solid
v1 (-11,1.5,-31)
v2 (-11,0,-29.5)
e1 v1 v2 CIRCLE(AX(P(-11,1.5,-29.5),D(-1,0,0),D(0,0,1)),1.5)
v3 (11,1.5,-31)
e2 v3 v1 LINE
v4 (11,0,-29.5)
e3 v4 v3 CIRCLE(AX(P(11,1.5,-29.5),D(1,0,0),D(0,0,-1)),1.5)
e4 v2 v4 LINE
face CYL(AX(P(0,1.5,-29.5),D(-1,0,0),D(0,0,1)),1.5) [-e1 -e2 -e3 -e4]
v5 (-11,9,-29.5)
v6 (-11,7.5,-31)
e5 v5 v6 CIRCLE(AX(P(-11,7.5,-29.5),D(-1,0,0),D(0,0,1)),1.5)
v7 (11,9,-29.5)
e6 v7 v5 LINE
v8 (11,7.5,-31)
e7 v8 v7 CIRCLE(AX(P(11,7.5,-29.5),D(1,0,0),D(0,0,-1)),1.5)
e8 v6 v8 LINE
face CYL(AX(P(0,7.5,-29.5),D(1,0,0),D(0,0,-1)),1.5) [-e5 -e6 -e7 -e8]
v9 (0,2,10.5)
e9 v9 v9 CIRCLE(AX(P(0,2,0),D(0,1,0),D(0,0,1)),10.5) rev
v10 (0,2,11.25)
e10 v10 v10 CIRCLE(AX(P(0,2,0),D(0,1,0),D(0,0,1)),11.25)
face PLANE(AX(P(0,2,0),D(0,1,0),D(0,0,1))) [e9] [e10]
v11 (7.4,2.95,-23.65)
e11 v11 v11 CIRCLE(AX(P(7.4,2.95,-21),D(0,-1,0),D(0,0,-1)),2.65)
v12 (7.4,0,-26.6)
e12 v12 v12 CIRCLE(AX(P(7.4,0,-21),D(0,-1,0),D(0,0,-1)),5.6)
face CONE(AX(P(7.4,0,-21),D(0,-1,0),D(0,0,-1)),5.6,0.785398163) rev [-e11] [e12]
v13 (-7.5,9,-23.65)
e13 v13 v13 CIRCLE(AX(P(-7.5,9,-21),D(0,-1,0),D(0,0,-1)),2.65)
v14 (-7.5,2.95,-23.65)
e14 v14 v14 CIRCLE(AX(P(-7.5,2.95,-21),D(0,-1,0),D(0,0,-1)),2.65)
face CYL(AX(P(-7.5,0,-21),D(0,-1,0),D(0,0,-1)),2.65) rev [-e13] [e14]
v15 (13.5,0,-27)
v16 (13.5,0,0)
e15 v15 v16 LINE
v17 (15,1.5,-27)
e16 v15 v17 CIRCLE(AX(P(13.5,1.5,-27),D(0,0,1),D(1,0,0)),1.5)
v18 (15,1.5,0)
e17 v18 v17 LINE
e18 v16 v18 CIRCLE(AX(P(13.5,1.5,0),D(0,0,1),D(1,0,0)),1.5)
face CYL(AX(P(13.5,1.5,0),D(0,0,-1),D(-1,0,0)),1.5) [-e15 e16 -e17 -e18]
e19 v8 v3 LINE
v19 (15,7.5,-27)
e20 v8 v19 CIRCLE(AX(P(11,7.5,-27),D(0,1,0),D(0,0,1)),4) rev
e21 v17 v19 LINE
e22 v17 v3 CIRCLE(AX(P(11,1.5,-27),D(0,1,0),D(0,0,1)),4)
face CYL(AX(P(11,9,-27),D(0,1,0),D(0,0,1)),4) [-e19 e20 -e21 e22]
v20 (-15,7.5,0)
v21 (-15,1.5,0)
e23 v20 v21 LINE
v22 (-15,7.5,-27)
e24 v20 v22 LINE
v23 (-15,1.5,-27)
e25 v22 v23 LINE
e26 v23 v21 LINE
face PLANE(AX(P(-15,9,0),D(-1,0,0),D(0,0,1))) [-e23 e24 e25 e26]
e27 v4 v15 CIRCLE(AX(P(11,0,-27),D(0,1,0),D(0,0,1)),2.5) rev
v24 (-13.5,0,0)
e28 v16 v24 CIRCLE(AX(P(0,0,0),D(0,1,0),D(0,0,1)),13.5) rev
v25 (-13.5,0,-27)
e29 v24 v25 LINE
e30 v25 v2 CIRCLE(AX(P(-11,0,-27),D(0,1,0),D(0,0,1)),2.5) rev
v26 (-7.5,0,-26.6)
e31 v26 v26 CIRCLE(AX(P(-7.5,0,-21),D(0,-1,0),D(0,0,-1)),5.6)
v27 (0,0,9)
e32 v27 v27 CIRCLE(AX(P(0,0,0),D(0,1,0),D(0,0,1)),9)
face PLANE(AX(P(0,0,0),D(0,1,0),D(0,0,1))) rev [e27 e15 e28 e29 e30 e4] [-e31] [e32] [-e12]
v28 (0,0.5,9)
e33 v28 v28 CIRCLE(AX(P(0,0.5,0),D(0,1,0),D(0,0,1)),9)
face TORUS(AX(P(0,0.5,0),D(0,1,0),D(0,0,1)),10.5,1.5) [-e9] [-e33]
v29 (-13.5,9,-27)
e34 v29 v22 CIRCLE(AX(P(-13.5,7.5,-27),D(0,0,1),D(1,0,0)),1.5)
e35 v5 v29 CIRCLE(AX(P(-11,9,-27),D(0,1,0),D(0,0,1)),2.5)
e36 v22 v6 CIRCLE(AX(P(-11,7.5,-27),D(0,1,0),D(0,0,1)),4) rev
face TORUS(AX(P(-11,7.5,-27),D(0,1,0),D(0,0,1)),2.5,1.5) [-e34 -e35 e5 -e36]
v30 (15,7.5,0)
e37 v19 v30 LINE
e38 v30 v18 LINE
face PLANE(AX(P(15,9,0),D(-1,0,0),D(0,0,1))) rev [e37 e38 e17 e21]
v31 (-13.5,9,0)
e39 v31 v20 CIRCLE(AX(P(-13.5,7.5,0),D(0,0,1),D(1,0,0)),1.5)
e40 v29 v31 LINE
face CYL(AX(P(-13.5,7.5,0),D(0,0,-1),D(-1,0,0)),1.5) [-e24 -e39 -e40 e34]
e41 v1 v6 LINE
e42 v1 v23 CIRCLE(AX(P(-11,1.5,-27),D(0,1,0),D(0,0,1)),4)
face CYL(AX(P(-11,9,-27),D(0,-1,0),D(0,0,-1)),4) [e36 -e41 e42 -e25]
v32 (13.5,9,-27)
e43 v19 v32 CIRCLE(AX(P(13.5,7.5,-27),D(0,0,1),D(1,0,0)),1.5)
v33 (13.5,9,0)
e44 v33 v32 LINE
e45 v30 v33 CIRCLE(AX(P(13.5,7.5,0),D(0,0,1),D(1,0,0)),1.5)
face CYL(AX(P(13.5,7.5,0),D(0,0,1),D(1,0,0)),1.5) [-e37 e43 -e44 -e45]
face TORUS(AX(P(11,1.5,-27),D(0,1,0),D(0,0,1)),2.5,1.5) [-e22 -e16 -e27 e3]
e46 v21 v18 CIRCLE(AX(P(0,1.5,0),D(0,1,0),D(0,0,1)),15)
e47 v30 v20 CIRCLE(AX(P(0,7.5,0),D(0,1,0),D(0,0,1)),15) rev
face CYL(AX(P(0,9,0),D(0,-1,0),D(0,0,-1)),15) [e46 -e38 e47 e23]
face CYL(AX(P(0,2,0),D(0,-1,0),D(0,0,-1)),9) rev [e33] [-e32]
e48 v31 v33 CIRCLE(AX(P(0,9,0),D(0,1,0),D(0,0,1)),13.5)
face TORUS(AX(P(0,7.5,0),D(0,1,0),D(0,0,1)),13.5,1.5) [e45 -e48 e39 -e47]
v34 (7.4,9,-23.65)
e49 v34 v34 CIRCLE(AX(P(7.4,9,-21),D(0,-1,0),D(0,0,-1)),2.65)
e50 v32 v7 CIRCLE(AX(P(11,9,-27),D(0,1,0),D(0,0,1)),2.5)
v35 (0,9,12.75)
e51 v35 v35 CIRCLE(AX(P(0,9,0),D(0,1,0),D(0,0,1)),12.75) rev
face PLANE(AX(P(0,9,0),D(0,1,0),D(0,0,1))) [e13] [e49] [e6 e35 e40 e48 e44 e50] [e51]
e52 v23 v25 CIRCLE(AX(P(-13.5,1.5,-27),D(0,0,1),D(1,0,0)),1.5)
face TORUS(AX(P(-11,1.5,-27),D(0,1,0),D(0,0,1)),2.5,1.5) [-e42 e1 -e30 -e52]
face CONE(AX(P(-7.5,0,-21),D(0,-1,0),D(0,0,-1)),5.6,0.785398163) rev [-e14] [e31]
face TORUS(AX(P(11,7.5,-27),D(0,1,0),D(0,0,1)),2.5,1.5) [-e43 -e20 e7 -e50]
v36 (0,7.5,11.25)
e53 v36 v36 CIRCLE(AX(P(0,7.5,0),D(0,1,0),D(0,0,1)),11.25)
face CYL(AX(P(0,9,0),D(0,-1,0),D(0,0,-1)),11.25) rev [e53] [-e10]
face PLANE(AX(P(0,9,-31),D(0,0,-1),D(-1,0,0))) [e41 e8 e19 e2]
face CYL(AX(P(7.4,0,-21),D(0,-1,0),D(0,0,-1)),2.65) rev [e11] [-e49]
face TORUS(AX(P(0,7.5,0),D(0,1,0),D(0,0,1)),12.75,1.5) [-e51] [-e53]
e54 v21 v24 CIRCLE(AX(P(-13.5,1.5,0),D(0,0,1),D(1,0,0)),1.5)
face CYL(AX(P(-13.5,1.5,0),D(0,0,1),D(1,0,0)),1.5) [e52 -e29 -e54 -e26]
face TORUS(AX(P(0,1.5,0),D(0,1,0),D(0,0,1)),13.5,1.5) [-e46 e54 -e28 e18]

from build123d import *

# Parameters (mm, degrees)
SKETCH2_R                     = 11.25
BOSS_EXTRUDE1_DEPTH           = 9
SKETCH2_3_R                   = 11.25
SKETCH2_3_R_2                 = 9
BOSS_EXTRUDE2_DEPTH           = 2
CSK_FOR_M5_SFHCS1_D           = 5.3
CSK_FOR_M5_SFHCS1_CSINK_D     = 11.2
CSK_FOR_M5_SFHCS1_CSINK_ANGLE = 90
FILLET1_R                     = 4
FILLET2_R                     = 1.5


with BuildPart() as part:
    # Sketch2 → Boss-Extrude1 (new body)
    with BuildSketch(Plane(origin=(0, 0, 0), x_dir=(1, 0, 0), z_dir=(0, 1, 0))):
        with BuildLine():
            Line((-15, 31), (-15, 0))
            ThreePointArc((-15, 0), (0, -15), (15, 0))
            Line((15, 0), (15, 31))
            Line((15, 31), (-15, 31))
        make_face()
        Circle(SKETCH2_R, mode=Mode.SUBTRACT)
    extrude(amount=BOSS_EXTRUDE1_DEPTH)

    # Sketch2<3> → Boss-Extrude2 (add)
    with BuildSketch(Plane(origin=(0, 0, 0), x_dir=(1, 0, 0), z_dir=(0, 1, 0))):
        Circle(SKETCH2_3_R)
        Circle(SKETCH2_3_R_2, mode=Mode.SUBTRACT)
    extrude(amount=BOSS_EXTRUDE2_DEPTH)

    # CSK for M5 SFHCS1 (through all)
    with Locations(Plane(origin=(7.4, 0, -21), x_dir=(0, 0, -1), z_dir=(0, -1, 0))):
        with Locations((0, 0), (0, -14.9)):
            CounterSinkHole(CSK_FOR_M5_SFHCS1_D / 2, CSK_FOR_M5_SFHCS1_CSINK_D / 2, counter_sink_angle=CSK_FOR_M5_SFHCS1_CSINK_ANGLE)

    # Fillet1
    fillet1_edges = [part.edges().sort_by_distance(p)[0] for p in [
        (-15, 4.5, -31),
        (15, 4.5, -31),
    ]]
    fillet(fillet1_edges, radius=FILLET1_R)

    # Fillet2
    fillet2_edges = [part.edges().sort_by_distance(p)[0] for p in [
        (0, 0, 15),
        (-15, 0, -13.5),
        (-13.828427125, 0, -29.828427125),
        (0, 0, -31),
        (13.828427125, 0, -29.828427125),
        (0, 9, 15),
        (-15, 9, -13.5),
        (-13.828427125, 9, -29.828427125),
        (0, 9, -31),
        (13.828427125, 9, -29.828427125),
        (-9, 2, 0),
        (-11.25, 9, 0),
        (15, 0, -13.5),
        (15, 9, -13.5),
    ]]
    fillet(fillet2_edges, radius=FILLET2_R)


solid = part.part
